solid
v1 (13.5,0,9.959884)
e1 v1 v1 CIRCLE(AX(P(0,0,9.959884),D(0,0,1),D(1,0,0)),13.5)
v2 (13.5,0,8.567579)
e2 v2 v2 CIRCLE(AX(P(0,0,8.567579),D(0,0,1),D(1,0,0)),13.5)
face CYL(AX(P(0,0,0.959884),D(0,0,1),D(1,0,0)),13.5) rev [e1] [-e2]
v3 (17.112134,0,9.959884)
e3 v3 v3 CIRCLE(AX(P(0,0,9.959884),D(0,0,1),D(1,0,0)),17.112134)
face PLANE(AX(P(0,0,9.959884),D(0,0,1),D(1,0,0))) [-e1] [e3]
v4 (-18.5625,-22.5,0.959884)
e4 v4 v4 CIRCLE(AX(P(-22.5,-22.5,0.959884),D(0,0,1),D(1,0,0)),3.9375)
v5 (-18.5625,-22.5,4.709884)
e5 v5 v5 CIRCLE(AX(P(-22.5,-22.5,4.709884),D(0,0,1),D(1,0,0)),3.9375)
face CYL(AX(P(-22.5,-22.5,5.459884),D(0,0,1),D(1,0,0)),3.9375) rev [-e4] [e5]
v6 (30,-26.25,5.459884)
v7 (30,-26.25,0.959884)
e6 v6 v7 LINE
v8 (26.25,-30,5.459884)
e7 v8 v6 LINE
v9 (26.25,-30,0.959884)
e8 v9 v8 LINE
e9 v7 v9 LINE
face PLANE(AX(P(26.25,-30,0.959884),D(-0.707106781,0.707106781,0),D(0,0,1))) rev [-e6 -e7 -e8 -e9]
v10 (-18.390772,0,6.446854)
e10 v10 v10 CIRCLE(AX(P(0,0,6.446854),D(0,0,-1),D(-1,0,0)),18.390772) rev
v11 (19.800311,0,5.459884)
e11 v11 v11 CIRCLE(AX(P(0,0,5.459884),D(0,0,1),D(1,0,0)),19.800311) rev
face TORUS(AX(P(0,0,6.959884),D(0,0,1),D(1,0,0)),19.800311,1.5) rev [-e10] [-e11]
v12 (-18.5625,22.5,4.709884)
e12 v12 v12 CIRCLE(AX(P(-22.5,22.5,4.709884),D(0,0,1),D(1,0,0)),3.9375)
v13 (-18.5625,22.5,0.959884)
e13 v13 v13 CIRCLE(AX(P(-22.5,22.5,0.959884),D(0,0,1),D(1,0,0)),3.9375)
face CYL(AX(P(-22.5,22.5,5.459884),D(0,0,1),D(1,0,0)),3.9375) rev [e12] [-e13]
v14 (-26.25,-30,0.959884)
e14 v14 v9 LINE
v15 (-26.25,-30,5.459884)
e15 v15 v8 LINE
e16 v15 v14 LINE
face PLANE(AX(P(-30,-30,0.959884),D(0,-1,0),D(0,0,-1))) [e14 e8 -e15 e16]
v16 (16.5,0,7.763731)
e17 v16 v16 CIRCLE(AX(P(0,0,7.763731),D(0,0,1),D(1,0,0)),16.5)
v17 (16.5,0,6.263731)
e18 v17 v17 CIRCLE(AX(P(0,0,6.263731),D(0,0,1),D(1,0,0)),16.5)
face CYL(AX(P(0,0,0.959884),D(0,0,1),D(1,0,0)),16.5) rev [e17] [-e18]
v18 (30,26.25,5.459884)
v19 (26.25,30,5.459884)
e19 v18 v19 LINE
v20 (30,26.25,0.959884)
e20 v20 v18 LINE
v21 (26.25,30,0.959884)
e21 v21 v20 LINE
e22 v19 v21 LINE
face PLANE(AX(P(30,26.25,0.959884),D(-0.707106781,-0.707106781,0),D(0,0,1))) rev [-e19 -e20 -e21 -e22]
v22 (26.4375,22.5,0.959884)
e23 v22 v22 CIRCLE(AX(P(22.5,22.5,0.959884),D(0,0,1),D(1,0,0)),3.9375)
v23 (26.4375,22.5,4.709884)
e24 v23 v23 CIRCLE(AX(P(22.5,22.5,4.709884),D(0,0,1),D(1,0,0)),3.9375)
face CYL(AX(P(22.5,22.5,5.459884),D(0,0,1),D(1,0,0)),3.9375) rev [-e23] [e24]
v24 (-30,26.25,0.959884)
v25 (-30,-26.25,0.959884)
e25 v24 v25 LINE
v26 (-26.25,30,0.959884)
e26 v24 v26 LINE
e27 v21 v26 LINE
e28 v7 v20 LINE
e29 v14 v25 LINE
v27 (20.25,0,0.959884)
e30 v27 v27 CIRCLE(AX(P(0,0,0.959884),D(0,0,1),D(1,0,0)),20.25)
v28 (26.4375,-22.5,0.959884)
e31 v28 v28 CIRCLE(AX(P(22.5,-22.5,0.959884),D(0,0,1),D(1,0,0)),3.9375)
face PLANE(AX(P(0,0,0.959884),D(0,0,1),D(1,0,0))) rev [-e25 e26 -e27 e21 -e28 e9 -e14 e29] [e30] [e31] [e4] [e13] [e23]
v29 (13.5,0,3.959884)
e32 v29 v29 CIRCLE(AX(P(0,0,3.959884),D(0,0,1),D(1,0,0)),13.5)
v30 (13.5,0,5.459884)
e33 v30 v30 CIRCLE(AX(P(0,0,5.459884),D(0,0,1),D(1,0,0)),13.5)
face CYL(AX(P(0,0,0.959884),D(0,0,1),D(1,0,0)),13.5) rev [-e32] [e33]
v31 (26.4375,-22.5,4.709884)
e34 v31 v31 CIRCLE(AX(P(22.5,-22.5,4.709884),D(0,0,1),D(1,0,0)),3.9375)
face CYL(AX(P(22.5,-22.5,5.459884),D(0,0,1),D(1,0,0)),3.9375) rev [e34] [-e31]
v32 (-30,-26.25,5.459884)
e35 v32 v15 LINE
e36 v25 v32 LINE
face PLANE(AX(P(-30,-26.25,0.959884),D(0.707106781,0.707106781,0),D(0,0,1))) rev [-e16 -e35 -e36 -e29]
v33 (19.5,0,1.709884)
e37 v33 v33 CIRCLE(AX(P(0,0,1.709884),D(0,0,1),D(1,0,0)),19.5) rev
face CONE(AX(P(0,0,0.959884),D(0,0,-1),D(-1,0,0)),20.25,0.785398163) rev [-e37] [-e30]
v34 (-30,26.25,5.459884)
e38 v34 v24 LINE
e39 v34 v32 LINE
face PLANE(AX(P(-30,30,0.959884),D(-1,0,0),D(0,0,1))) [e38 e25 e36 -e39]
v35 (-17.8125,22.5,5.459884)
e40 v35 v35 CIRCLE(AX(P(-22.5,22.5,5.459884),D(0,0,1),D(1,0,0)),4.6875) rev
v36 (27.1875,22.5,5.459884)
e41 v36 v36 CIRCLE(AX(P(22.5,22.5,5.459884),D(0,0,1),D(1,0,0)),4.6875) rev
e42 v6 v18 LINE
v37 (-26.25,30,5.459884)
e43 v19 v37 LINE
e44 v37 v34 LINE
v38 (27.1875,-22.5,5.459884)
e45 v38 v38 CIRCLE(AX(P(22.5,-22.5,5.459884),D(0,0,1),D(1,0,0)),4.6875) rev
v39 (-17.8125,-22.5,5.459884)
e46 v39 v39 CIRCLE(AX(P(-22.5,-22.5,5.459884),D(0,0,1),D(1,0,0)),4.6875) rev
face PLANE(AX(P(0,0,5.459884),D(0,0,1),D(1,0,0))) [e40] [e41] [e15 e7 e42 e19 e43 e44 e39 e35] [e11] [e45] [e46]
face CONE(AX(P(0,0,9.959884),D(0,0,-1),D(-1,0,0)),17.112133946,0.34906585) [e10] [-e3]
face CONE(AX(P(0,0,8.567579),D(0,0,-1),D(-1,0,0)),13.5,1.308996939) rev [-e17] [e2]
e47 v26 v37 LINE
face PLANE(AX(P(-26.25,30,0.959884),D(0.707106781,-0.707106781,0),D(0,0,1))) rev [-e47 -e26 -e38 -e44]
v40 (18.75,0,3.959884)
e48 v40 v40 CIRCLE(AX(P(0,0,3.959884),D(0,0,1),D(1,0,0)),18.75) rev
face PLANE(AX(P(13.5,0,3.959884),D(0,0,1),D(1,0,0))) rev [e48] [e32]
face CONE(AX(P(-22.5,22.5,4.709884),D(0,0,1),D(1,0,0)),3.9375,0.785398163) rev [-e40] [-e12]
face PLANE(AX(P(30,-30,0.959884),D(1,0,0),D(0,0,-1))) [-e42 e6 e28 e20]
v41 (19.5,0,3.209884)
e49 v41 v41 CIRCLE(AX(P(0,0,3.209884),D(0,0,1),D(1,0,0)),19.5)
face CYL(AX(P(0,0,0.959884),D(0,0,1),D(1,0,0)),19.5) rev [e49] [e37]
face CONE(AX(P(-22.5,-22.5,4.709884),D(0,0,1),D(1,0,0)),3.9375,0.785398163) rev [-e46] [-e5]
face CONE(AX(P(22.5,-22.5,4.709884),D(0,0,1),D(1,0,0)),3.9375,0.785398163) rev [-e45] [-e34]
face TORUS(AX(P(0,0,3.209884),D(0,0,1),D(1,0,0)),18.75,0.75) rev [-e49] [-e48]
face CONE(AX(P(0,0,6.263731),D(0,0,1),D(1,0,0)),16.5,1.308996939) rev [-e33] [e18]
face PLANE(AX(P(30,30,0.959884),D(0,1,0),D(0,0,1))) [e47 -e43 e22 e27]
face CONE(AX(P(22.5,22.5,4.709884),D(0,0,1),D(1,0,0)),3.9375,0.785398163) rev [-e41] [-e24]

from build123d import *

# Parameters (mm, degrees)
SKETCH1_W                        = 80
SKETCH1_H                        = 80
BOSS_EXTRUDE1_DEPTH              = 6
F_10_5_10_5_DIAMETER_HOLE1_D     = 10.5
F_10_5_10_5_DIAMETER_HOLE1_DEPTH = 6
CHAMFER1_SIZE                    = 5
CHAMFER2_SIZE                    = 1
FILLET1_R                        = 1
FILLET2_R                        = 2
SCALE1_SCALE                     = 0.75


with BuildPart() as part:
    # Sketch1 → Boss-Extrude1 (new body)
    with BuildSketch(Plane.XY.offset(6)):
        Rectangle(SKETCH1_W, SKETCH1_H)
    extrude(amount=-BOSS_EXTRUDE1_DEPTH)

    # Sketch2 → Revolve1 (revolve)
    with BuildSketch(Plane(origin=(0, 0, 0), x_dir=(1, 0, 0), z_dir=(0, 1, 0))):
        Polygon((25, -6), (0, -6), (0, -12), (22.816178594, -12), align=None)
    revolve(axis=Axis((0, 0, 6), (0, 0, 1)))

    # Sketch3 → Cut-Revolve1 (revolve, cut)
    with BuildSketch(Plane(origin=(0, 0, 0), x_dir=(1, 0, 0), z_dir=(0, 1, 0))):
        Polygon((26, 0), (0, 0), (0, -12), (18, -12), (18, -10.143593539), (22, -9.07179677), (22, -7.07179677), (18, -6), (18, -4), (26, -4), align=None)
    revolve(axis=Axis((0, 0, 0), (0, 0, 1)), mode=Mode.SUBTRACT)

    # Ø10.5 (10.5) Diameter Hole1
    with Locations(Plane.XY.offset(6)):
        with Locations((30, 30), (-30, 30), (-30, -30), (30, -30)):
            Hole(F_10_5_10_5_DIAMETER_HOLE1_D / 2, depth=F_10_5_10_5_DIAMETER_HOLE1_DEPTH)

    # Chamfer1
    chamfer1_edges = [part.edges().sort_by_distance(p)[0] for p in [
        (-40, -40, 3),
        (-40, 40, 3),
        (40, 40, 3),
        (40, -40, 3),
    ]]
    chamfer(chamfer1_edges, length=CHAMFER1_SIZE)

    # Chamfer2
    chamfer2_edges = [part.edges().sort_by_distance(p)[0] for p in [
        (-26, 0, 0),
        (35.25, -30, 6),
        (-24.75, -30, 6),
        (-24.75, 30, 6),
        (35.25, 30, 6),
    ]]
    chamfer(chamfer2_edges, length=CHAMFER2_SIZE)

    # Fillet1
    fillet1_edges = [part.edges().sort_by_distance(p)[0] for p in [
        (-26, 0, 4),
    ]]
    fillet(fillet1_edges, radius=FILLET1_R)

    # Fillet2
    fillet2_edges = [part.edges().sort_by_distance(p)[0] for p in [
        (-25, 0, 6),
    ]]
    fillet(fillet2_edges, radius=FILLET2_R)


with BuildPart() as part_1:
    # Scale1: scaled about (0, 0, 3.839535201)
    add(part.part.scale(SCALE1_SCALE).moved(Location((0, 0, 0.9598838))))


solid = part_1.part
